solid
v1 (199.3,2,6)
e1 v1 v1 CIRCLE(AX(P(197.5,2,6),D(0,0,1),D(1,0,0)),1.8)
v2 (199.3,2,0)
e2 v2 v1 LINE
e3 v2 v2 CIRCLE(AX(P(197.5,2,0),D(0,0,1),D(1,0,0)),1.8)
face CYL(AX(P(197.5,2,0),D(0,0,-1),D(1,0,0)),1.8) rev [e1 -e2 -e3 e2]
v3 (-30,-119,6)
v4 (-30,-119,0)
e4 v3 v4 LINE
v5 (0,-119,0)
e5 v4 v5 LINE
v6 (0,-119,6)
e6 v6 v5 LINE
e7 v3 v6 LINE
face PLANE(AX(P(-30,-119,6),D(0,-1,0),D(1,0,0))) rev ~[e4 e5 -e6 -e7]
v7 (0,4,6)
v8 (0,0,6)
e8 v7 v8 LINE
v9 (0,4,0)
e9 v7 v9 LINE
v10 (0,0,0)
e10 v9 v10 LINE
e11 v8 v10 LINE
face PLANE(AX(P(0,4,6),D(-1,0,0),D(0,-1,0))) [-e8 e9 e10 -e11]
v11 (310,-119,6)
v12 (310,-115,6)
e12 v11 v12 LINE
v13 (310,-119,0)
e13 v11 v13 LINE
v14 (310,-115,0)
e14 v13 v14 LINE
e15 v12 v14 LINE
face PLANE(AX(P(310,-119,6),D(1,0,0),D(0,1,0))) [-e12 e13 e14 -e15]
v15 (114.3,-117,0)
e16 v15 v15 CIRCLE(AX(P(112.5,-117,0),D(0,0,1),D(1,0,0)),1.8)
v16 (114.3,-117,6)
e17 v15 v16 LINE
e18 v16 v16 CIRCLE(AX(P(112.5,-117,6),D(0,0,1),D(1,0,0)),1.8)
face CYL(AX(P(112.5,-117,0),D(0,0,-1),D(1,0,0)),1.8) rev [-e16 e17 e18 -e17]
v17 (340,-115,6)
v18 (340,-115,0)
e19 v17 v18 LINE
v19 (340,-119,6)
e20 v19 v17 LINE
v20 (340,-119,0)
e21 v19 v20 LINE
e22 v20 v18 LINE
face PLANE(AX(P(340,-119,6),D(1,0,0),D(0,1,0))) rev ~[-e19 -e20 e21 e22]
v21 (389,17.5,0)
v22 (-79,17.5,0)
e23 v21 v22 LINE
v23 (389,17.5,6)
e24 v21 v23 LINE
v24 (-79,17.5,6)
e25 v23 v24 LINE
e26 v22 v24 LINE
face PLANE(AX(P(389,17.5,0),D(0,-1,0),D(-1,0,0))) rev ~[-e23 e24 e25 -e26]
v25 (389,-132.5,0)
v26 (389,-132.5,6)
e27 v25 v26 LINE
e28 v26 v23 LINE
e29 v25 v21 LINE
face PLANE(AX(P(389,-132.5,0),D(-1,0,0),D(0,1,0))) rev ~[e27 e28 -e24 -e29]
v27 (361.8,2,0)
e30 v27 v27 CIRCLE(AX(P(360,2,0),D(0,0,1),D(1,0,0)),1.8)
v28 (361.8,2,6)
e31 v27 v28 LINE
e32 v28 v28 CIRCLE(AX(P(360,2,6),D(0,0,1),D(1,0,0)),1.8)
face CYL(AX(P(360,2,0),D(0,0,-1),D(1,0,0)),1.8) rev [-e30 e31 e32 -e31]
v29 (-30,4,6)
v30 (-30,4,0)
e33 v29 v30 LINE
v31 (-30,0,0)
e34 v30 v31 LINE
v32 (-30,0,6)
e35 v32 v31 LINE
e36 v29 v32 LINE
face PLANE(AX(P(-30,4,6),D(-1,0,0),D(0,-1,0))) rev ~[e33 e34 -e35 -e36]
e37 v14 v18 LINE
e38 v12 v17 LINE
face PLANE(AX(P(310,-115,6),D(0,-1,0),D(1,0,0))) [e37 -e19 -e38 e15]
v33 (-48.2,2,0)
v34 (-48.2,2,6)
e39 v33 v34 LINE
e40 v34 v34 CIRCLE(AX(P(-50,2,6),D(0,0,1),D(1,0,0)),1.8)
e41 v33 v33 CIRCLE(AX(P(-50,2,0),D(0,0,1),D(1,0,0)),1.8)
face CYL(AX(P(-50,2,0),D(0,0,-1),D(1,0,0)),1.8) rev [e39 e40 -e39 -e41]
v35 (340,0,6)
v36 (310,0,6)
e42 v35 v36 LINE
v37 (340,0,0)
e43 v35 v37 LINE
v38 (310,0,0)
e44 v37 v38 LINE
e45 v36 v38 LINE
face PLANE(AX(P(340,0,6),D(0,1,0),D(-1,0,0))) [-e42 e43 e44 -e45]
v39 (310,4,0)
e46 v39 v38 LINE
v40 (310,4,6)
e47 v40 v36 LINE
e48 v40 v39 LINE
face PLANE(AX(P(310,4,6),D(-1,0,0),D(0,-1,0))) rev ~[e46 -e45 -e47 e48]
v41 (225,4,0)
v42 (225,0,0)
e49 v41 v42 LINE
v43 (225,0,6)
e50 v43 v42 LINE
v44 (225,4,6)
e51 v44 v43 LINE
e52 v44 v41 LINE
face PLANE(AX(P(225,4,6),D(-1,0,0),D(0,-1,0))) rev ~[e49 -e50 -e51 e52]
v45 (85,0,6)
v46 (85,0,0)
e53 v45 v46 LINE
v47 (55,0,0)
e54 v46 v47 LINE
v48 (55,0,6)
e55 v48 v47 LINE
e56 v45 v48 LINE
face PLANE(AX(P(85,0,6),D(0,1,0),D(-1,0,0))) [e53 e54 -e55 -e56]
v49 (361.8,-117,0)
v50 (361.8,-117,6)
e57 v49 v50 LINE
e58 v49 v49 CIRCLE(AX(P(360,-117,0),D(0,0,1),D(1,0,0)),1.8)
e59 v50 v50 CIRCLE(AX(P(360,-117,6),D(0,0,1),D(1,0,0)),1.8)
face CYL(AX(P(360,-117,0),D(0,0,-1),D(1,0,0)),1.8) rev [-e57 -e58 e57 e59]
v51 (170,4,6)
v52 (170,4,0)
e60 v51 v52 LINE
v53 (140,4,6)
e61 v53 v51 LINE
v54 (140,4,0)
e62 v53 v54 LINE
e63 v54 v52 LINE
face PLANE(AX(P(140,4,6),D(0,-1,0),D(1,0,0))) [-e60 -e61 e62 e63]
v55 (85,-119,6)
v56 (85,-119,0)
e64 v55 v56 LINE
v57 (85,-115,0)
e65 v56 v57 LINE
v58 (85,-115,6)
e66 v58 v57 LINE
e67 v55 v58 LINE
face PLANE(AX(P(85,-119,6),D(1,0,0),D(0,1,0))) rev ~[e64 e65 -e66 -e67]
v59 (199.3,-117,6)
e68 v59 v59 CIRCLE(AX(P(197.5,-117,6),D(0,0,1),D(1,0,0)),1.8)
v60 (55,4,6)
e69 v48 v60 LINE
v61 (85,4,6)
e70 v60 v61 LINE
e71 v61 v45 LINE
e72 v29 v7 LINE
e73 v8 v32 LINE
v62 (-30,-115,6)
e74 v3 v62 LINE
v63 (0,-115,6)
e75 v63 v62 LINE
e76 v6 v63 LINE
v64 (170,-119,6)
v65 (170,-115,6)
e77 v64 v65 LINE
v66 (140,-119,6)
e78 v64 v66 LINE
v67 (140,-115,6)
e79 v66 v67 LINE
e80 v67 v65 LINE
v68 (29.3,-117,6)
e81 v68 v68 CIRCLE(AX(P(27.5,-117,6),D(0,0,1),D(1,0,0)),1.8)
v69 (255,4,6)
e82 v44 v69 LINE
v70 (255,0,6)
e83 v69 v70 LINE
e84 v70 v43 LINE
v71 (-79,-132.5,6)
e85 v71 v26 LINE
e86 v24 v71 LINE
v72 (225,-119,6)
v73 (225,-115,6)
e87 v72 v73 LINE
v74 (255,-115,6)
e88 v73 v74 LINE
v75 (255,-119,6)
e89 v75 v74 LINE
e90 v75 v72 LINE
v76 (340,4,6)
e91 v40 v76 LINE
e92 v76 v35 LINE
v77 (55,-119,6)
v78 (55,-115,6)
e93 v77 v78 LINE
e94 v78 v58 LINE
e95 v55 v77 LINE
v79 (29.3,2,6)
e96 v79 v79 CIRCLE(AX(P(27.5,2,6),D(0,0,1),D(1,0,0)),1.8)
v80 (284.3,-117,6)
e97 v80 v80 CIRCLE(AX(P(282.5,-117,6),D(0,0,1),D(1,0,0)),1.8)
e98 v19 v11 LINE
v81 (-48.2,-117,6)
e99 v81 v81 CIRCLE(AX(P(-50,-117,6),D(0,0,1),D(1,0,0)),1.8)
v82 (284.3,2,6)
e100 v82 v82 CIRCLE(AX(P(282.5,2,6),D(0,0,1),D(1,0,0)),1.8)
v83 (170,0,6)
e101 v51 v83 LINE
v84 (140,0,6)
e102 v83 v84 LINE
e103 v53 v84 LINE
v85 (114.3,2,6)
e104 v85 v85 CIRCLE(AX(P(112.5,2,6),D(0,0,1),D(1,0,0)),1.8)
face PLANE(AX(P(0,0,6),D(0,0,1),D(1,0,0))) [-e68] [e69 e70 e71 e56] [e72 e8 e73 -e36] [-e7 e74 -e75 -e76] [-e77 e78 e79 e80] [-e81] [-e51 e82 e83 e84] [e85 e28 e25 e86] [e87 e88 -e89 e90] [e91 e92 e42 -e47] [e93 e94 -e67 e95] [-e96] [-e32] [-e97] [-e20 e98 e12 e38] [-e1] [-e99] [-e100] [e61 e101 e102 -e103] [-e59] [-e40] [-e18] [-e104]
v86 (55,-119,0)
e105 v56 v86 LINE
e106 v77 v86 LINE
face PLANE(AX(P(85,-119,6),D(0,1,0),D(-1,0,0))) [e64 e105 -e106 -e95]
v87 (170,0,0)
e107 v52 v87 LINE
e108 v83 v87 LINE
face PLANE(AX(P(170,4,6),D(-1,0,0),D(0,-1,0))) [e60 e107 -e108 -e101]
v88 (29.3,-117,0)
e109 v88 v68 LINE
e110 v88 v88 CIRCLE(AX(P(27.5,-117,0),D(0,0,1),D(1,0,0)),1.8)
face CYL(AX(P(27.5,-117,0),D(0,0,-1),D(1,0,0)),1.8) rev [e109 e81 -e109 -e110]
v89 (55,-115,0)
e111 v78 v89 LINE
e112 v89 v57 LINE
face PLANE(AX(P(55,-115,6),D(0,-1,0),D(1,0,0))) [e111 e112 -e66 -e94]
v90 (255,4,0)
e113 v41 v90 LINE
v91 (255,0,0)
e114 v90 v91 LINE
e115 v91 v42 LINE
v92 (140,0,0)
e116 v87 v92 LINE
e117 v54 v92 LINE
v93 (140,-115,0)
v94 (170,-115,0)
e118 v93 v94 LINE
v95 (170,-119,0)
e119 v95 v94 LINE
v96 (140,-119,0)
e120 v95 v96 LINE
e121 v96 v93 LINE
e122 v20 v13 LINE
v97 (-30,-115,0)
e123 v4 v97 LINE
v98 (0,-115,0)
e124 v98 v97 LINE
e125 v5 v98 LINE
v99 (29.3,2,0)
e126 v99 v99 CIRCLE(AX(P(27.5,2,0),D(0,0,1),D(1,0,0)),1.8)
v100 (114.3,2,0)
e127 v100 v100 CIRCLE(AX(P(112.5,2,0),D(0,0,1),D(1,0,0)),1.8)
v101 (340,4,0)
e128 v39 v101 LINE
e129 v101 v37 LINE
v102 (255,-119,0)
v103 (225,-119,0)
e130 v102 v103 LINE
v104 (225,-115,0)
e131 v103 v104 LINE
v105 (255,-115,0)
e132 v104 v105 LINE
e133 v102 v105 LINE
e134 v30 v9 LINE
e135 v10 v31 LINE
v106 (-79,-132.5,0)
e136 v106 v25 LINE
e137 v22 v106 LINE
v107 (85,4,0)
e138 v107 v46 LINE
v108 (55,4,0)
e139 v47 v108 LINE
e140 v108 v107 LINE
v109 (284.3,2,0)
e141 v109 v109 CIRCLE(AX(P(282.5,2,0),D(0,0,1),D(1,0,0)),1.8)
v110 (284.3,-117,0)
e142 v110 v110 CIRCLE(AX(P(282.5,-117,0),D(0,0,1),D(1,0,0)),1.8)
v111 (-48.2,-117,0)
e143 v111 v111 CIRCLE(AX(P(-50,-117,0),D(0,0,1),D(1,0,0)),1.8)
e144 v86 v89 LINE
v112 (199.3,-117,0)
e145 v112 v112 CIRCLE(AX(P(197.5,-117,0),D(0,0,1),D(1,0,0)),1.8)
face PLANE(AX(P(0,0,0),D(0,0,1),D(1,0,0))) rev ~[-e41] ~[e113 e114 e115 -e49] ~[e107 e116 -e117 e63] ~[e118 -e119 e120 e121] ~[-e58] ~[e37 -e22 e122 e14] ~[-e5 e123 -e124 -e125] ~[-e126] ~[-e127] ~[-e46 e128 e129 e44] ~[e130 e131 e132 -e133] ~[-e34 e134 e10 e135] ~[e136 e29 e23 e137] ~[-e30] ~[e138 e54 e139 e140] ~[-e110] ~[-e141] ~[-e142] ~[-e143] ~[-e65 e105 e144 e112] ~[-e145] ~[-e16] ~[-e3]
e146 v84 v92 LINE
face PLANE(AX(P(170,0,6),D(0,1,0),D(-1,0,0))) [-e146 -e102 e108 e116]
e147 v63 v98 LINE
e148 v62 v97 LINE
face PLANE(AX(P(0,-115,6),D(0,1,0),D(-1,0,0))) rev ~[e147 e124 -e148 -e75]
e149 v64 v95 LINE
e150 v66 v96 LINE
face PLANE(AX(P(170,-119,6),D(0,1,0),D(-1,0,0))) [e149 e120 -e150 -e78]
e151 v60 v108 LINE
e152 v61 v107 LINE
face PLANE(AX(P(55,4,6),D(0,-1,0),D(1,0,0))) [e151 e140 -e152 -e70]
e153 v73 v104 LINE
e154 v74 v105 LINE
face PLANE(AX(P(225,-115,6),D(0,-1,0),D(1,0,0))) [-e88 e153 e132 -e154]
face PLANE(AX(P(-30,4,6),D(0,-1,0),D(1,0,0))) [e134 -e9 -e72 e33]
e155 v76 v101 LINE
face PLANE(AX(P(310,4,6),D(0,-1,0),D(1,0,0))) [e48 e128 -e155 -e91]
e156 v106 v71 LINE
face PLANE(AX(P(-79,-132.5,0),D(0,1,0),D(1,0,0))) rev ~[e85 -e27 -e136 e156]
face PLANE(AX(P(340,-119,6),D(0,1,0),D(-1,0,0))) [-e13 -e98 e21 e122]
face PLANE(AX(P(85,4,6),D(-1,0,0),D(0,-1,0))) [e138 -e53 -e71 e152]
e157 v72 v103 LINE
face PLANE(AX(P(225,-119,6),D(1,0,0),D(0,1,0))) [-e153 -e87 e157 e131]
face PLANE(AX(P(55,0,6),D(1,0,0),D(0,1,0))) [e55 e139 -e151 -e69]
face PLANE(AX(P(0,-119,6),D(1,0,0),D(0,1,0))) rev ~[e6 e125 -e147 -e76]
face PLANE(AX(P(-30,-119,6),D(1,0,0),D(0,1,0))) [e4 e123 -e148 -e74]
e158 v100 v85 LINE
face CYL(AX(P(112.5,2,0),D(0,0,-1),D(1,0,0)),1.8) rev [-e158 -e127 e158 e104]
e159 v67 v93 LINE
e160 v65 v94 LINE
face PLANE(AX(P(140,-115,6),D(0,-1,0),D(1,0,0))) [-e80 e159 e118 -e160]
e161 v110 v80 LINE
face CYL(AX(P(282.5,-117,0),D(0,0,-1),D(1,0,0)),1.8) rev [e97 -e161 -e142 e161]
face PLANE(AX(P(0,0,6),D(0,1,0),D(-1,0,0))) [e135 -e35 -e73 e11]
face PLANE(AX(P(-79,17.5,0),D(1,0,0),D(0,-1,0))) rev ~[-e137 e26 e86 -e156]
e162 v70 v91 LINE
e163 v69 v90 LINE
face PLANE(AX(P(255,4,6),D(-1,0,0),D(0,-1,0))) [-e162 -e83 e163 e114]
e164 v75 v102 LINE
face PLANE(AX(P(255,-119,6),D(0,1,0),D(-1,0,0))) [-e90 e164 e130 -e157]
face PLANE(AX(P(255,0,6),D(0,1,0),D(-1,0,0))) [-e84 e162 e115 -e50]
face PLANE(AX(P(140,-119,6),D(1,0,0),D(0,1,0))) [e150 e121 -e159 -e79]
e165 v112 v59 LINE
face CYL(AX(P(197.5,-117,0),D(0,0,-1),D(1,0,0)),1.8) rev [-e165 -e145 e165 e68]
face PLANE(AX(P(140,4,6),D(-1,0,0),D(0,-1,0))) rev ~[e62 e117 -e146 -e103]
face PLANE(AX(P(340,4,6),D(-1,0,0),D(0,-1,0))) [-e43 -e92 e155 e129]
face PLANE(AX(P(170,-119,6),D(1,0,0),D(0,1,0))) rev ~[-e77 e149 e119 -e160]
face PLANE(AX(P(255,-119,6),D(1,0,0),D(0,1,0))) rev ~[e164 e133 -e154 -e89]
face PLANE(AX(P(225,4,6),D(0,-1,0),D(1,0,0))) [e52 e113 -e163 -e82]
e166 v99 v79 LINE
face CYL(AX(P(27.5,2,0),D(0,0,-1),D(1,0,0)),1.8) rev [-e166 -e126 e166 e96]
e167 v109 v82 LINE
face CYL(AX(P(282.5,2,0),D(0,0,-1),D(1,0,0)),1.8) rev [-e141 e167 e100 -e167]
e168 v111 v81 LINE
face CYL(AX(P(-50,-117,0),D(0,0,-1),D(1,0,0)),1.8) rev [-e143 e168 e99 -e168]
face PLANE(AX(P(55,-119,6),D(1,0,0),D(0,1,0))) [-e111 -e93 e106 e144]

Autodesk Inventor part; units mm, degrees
ref_plane "YZ Plane" through (0, 0, 0) normal (1, 0, 0) x (0, 1, 0)
ref_plane "XZ Plane" through (0, 0, 0) normal (0, 1, 0) x (-1, 0, 0)
ref_plane "XY Plane" through (0, 0, 0) normal (0, 0, 1) x (1, 0, 0)
sketch "Boceto1" plane through (0, 0, 0) normal (0, 0, 1) x (1, 0, 0)
  line L0 (0, 4) -> (0, 0)
  line L1 (0, -114.3085) -> (0, -115)
  circle A0 centre (27.5, 2) radius 1.8
  circle A1 centre (27.5, -117) radius 1.8
  circle A2 centre (112.5, -117) radius 1.8
  circle A3 centre (197.5, 2) radius 1.8
  circle A4 centre (112.5, 2) radius 1.8
  circle A5 centre (197.5, -117) radius 1.8
  circle A6 centre (282.5, 2) radius 1.8
  circle A7 centre (282.5, -117) radius 1.8
  circle A8 centre (360, 2) radius 1.8
  circle A9 centre (360, -117) radius 1.8
  line L2 (-74, 12.5) -> (384, 12.5)
  line L3 (384, 12.5) -> (384, -127.5)
  line L4 (384, -127.5) -> (-74, -127.5)
  line L5 (-74, -127.5) -> (-74, 12.5)
  line L6 (389, 17.5) -> (-79, 17.5)
  line L7 (-79, 17.5) -> (-79, -132.5)
  line L8 (-79, -132.5) -> (389, -132.5)
  line L9 (389, -132.5) -> (389, 17.5)
  circle A10 centre (-50, -117) radius 1.8
  circle A11 centre (-50, 2) radius 1.8
  point P0 (-74, -127.5)
  point P1 (385, 4)
  dimension "d0" = 3.6
  dimension "d1" = 3.6
  dimension "d2" = 3.6
  dimension "d3" = 3.6
  dimension "d4" = 3.6
  dimension "d5" = 3.6
  dimension "d7" = 3.6
  dimension "d8" = 3.6
  dimension "d9" = 3.6
  dimension "d11" = 3.6
  dimension "d12" = 3.6
extrude "Extrusión1" add sketch "Boceto1" along normal blind 6 contours L2 L3 L4 L5 | L9 L8 L7 L6
sketch "Boceto2" plane through (0, 0, 6) normal (0, 0, 1) x (1, 0, 0)
  line L0 (55, 0) -> (55, 4)
  line L1 (0, 4) -> (0, 0)
  line L2 (-30, 4) -> (-30, 0)
  line L3 (-70, 12.5) -> (-70, -127.5)
  line L4 (-30, -119) -> (-30, -115)
  line L5 (55, -119) -> (55, -115)
  line L6 (0, -119) -> (0, -115)
  line L7 (85, -119) -> (85, -115)
  line L8 (140, -119) -> (140, -115)
  line L9 (170, -119) -> (170, -115)
  line L10 (225, -119) -> (225, -115)
  line L11 (170, 4) -> (170, 0)
  line L12 (225, 4) -> (225, 0)
  line L13 (255, 4) -> (255, 0)
  line L14 (310, 4) -> (310, 0)
  line L15 (255, -119) -> (255, -115)
  line L16 (310, -119) -> (310, -115)
  line L17 (340, 4) -> (340, 0)
  line L18 (380, 0) -> (380, 4)
  line L19 (340, -119) -> (340, -115)
  line L20 (380, -127.5) -> (380, 12.5)
  circle A0 centre (27.5, 2) radius 1.8
  circle A1 centre (27.5, -117) radius 1.8
  circle A2 centre (112.5, -117) radius 1.8
  circle A3 centre (197.5, 2) radius 1.8
  line L21 (85, 4) -> (85, 0)
  line L22 (140, 4) -> (140, 0)
  circle A4 centre (112.5, 2) radius 1.8
  circle A5 centre (197.5, -117) radius 1.8
  circle A6 centre (282.5, 2) radius 1.8
  circle A7 centre (282.5, -117) radius 1.8
  circle A8 centre (360, 2) radius 1.8
  circle A9 centre (360, -117) radius 1.8
  line L23 (384, 12.5) -> (384, -127.5)
  line L24 (384, -127.5) -> (-74, -127.5)
  line L25 (-74, -127.5) -> (-74, 12.5)
  line L26 (389, 17.5) -> (-79, 17.5)
  line L27 (-79, 17.5) -> (-79, -132.5)
  line L28 (-79, -132.5) -> (389, -132.5)
  line L29 (389, -132.5) -> (389, 17.5)
  circle A10 centre (-50, -117) radius 1.8
  circle A11 centre (-50, 2) radius 1.8
  line L30 (-30, 4) -> (0, 4)
  line L31 (0, 4) -> (0, 0)
  line L32 (0, 0) -> (-30, 0)
  line L33 (-30, 0) -> (-30, 4)
  line L34 (55, 4) -> (85, 4)
  line L35 (85, 4) -> (85, 0)
  line L36 (85, 0) -> (55, 0)
  line L37 (55, 0) -> (55, 4)
  line L38 (140, 4) -> (170, 4)
  line L39 (170, 4) -> (170, 0)
  line L40 (170, 0) -> (140, 0)
  line L41 (140, 0) -> (140, 4)
  line L42 (225, 4) -> (255, 4)
  line L43 (255, 4) -> (255, 0)
  line L44 (255, 0) -> (225, 0)
  line L45 (225, 0) -> (225, 4)
  line L46 (310, 4) -> (340, 4)
  line L47 (340, 4) -> (340, 0)
  line L48 (340, 0) -> (310, 0)
  line L49 (310, 0) -> (310, 4)
  line L50 (-30, -119) -> (0, -119)
  line L51 (0, -119) -> (0, -115)
  line L52 (0, -115) -> (-30, -115)
  line L53 (-30, -115) -> (-30, -119)
  line L54 (55, -115) -> (85, -115)
  line L55 (85, -115) -> (85, -119)
  line L56 (85, -119) -> (55, -119)
  line L57 (55, -119) -> (55, -115)
  line L58 (140, -115) -> (170, -115)
  line L59 (170, -115) -> (170, -119)
  line L60 (170, -119) -> (140, -119)
  line L61 (140, -119) -> (140, -115)
  line L62 (225, -115) -> (255, -115)
  line L63 (255, -115) -> (255, -119)
  line L64 (255, -119) -> (225, -119)
  line L65 (225, -119) -> (225, -115)
  line L66 (310, -115) -> (340, -115)
  line L67 (340, -115) -> (340, -119)
  line L68 (340, -119) -> (310, -119)
  line L69 (310, -119) -> (310, -115)
  point P0 (-74, -127.5)
  point P1 (385, 4)
  dimension "d15" = 3.6
  dimension "d16" = 3.6
  dimension "d17" = 3.6
  dimension "d18" = 3.6
  dimension "d19" = 3.6
  dimension "d20" = 3.6
  dimension "d22" = 3.6
  dimension "d23" = 3.6
  dimension "d24" = 3.6
  dimension "d26" = 3.6
  dimension "d27" = 3.6
extrude "Extrusión2" cut sketch "Boceto2" against normal blind 6 contours L0 L34 L21 L36 | L1 L32 L2 L30 | L4 L52 L6 L50 | L5 L54 L7 L56 | L8 L58 L9 L60 | L10 L62 L15 L64 | L11 L40 L22 L38 | L42 L13 L44 L12 | L46 L17 L48 L14 | L16 L66 L19 L68
properties part number "BASE"
